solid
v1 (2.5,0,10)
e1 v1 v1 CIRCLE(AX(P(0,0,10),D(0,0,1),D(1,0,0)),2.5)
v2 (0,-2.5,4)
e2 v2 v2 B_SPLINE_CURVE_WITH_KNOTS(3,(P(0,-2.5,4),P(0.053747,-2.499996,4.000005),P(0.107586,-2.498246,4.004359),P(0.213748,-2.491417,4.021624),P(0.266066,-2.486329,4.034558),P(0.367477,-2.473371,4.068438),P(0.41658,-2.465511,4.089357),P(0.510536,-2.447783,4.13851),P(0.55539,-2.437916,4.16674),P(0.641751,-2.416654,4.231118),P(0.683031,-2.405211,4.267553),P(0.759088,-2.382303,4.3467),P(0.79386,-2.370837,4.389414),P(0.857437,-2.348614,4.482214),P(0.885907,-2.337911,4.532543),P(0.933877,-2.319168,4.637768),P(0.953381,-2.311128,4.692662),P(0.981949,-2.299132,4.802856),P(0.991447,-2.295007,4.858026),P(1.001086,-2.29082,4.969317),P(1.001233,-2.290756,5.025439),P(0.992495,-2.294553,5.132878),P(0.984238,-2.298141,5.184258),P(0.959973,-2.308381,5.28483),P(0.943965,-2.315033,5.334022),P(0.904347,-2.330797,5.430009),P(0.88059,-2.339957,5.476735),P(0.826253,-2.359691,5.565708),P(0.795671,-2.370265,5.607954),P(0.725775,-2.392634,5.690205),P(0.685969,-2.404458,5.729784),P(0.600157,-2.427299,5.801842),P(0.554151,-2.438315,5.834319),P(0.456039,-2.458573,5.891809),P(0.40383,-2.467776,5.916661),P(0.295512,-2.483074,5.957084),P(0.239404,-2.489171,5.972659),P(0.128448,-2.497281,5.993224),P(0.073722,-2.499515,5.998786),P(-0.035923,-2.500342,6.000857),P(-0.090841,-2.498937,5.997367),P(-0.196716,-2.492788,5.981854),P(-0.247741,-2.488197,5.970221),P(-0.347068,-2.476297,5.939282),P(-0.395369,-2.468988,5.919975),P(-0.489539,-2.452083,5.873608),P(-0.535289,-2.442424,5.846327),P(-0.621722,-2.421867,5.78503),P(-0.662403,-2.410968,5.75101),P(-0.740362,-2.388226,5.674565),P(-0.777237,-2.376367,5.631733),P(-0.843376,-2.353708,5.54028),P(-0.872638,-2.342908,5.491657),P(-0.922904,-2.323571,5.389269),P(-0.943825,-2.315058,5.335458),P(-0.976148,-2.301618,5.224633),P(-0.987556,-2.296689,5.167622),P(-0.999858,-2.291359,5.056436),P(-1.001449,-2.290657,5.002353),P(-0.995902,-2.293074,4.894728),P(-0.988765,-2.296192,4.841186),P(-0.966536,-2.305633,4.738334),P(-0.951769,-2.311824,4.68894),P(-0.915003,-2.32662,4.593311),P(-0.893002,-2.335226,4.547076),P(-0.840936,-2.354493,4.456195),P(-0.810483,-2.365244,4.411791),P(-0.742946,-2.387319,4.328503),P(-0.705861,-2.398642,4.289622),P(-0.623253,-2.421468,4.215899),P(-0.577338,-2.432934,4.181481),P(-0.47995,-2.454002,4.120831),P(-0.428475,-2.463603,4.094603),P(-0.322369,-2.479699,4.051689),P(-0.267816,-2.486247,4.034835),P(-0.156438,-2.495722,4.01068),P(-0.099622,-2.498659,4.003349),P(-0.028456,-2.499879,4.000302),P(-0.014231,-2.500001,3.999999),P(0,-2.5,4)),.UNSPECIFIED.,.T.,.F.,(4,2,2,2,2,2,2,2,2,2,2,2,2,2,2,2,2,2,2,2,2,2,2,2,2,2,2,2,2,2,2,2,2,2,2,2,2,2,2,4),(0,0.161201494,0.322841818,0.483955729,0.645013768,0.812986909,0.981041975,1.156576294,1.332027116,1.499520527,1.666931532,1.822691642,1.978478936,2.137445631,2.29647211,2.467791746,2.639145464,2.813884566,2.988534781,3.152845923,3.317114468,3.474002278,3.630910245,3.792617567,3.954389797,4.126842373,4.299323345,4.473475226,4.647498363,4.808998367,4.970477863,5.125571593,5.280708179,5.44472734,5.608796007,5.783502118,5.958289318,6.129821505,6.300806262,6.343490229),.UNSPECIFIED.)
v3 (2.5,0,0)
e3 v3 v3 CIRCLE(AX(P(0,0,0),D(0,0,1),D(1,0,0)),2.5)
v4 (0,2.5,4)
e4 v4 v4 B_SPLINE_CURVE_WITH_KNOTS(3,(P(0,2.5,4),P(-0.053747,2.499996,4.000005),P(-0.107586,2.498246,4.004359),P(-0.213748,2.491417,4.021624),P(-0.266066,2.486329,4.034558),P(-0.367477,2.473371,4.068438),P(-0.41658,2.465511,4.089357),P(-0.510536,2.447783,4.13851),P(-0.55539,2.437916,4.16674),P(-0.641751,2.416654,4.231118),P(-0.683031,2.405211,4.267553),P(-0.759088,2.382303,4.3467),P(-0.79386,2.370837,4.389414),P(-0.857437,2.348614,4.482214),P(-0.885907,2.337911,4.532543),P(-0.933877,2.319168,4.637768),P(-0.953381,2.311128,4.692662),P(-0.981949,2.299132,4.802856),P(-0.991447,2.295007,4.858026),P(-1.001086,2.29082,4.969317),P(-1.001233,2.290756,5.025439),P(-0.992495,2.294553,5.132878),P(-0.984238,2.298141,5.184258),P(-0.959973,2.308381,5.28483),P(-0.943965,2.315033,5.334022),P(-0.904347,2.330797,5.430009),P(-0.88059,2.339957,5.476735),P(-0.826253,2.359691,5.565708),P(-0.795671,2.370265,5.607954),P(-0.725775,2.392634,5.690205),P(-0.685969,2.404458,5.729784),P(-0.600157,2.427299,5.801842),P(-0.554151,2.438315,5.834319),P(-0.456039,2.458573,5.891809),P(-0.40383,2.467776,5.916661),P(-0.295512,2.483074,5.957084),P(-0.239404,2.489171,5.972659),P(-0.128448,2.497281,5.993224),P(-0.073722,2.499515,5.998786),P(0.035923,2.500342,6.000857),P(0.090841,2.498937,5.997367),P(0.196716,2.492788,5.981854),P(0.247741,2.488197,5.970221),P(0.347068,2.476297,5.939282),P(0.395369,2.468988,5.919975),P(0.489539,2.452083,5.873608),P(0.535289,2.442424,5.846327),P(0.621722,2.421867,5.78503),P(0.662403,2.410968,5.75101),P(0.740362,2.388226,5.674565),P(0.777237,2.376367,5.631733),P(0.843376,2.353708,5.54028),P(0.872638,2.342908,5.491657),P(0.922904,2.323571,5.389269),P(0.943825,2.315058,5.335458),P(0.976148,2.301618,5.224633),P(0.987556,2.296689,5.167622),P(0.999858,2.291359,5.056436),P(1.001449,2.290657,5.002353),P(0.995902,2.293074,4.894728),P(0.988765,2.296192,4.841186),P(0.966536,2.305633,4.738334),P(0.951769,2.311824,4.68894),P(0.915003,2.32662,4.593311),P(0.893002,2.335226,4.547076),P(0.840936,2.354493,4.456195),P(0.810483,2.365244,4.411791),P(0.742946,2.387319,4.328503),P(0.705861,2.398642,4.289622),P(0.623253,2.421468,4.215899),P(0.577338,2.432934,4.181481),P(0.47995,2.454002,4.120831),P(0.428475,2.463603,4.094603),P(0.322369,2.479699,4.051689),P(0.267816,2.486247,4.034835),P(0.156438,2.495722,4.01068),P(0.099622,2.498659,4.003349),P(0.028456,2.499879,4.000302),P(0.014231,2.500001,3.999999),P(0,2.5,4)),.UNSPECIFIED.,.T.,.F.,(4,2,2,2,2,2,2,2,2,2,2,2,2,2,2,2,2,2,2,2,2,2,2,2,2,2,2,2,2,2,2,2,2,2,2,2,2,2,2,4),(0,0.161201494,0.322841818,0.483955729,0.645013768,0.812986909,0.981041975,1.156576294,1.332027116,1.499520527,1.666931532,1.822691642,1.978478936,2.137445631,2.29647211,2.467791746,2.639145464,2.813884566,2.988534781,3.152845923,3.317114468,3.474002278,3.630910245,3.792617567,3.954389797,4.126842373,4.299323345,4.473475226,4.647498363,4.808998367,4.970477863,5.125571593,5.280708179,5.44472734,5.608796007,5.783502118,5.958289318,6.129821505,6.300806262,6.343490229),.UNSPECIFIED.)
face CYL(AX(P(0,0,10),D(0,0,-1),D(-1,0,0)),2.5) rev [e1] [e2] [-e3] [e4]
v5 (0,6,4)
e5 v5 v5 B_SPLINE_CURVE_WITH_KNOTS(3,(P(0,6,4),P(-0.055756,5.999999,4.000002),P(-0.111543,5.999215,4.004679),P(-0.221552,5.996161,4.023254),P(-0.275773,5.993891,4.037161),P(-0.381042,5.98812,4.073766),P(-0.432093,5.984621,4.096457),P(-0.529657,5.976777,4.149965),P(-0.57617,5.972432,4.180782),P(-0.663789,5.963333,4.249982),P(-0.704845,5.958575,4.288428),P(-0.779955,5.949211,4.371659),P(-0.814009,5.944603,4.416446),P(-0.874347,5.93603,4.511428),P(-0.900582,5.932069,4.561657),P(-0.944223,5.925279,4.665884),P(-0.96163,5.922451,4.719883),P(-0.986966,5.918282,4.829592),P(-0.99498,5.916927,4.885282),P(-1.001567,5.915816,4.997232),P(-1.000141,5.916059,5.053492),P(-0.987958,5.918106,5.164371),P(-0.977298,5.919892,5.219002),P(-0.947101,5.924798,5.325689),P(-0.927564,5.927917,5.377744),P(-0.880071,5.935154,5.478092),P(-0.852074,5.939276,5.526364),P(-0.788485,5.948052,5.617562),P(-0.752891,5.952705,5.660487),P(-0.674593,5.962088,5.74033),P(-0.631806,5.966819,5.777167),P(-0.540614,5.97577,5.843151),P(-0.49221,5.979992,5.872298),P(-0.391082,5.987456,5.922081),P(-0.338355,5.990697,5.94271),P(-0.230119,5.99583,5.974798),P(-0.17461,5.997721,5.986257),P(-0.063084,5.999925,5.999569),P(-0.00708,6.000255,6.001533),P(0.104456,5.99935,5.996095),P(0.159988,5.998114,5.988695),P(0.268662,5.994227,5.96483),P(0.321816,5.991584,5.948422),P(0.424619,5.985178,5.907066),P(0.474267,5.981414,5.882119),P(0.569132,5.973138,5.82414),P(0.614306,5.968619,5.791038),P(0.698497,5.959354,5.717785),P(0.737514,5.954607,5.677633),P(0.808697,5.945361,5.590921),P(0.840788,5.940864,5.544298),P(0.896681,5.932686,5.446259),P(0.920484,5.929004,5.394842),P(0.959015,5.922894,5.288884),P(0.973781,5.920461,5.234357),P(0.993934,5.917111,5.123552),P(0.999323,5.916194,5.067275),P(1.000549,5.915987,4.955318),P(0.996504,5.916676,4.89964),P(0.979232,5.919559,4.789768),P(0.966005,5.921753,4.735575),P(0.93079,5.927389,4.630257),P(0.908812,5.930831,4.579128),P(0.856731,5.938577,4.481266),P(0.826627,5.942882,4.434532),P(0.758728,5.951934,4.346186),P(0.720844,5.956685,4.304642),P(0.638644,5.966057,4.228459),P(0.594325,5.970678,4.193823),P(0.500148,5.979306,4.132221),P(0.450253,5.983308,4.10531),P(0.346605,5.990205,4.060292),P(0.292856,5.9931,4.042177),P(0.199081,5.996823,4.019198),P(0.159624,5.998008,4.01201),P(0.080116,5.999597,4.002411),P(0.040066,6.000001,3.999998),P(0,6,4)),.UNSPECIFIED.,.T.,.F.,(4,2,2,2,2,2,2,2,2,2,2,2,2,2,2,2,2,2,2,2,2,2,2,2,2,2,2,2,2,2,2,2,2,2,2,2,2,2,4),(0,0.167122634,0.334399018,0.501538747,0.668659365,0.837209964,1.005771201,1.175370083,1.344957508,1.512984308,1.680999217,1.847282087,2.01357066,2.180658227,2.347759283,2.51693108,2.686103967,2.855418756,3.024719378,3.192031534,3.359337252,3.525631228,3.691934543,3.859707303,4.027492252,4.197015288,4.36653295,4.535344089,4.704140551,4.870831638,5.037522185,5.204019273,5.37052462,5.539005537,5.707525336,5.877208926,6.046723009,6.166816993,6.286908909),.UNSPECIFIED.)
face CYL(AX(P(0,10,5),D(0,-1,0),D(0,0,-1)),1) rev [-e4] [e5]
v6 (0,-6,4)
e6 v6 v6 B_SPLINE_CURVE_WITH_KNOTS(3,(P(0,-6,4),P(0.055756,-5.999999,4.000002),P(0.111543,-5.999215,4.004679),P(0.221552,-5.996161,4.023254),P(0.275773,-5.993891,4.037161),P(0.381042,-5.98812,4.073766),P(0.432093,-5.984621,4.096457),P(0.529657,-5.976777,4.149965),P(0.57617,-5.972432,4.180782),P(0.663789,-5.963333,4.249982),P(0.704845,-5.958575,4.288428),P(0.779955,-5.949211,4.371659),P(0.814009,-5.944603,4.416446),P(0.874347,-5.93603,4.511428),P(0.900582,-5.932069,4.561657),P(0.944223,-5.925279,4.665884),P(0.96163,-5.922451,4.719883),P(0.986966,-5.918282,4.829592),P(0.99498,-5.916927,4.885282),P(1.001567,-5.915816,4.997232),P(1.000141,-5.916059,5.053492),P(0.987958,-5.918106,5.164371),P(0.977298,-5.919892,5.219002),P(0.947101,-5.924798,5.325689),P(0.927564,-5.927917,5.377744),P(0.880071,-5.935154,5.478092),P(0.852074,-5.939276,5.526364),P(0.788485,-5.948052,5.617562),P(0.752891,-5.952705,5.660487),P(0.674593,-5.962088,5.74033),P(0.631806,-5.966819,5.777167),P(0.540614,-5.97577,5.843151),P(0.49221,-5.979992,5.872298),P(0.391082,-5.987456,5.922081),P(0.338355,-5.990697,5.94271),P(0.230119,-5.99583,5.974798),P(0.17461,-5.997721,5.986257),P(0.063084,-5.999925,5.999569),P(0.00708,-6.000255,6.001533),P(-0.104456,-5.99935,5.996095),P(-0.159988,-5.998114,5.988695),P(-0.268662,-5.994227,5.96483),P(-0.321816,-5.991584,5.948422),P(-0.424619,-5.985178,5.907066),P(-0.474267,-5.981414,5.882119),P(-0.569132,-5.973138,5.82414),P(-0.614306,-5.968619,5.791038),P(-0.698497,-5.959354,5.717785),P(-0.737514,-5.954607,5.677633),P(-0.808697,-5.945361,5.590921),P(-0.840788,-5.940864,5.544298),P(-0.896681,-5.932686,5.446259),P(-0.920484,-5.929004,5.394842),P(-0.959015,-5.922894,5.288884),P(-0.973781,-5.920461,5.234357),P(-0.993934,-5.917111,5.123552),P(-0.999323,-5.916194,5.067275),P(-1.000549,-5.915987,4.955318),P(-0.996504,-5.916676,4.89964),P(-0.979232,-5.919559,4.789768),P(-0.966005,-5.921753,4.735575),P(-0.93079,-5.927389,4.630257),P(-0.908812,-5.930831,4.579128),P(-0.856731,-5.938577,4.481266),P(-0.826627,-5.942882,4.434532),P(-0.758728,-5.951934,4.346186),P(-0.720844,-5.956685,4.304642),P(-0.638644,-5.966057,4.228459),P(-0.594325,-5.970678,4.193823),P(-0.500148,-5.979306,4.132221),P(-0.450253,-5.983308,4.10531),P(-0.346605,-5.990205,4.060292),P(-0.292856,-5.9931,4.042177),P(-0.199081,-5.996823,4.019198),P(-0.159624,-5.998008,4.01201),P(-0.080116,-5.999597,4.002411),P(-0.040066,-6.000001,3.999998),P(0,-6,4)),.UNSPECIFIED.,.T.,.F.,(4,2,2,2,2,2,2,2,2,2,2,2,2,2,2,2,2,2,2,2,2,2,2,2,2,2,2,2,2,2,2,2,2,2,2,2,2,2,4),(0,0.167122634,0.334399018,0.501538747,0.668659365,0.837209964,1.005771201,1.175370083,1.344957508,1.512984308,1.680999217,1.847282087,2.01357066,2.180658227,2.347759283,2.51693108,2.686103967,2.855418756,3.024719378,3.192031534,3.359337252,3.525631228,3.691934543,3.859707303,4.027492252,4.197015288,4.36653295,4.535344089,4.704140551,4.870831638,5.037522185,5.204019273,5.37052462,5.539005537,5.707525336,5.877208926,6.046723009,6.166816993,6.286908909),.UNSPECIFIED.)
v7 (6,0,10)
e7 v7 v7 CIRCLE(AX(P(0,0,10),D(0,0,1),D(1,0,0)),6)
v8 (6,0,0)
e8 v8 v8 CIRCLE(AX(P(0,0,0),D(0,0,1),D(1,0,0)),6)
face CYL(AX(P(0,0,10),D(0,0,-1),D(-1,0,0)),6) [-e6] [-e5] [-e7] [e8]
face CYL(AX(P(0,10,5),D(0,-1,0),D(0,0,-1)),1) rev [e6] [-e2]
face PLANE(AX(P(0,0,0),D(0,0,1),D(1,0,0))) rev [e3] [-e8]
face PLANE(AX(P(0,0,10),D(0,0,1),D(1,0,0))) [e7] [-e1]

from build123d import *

# Parameters (mm, degrees)
SKIZZE1_R                            = 6
SKIZZE1_R_2                          = 2.5
AUFSATZ_LINEAR_AUSTRAGEN1_DEPTH      = 10
SCHNITT_LINEAR_AUSTRAGEN1_DEPTH      = 10
SCHNITT_LINEAR_AUSTRAGEN1_DEPTH_BACK = 10
SKIZZE2_R                            = 1


with BuildPart() as part:
    # Skizze1 → Aufsatz-Linear austragen1 (new body)
    with BuildSketch(Plane.XY):
        Circle(SKIZZE1_R)
        Circle(SKIZZE1_R_2, mode=Mode.SUBTRACT)
    extrude(amount=AUFSATZ_LINEAR_AUSTRAGEN1_DEPTH)

    # Skizze2 → Schnitt-Linear austragen1 (cut, two sides: drawn at the far end of the back side and taken through both)
    with BuildSketch(Plane(origin=(0, 0, 0), x_dir=(1, 0, 0), z_dir=(0, 1, 0)).offset(-SCHNITT_LINEAR_AUSTRAGEN1_DEPTH_BACK)):
        with Locations((0, -5)):
            Circle(SKIZZE2_R)
    extrude(amount=SCHNITT_LINEAR_AUSTRAGEN1_DEPTH + SCHNITT_LINEAR_AUSTRAGEN1_DEPTH_BACK, mode=Mode.SUBTRACT)


solid = part.part
